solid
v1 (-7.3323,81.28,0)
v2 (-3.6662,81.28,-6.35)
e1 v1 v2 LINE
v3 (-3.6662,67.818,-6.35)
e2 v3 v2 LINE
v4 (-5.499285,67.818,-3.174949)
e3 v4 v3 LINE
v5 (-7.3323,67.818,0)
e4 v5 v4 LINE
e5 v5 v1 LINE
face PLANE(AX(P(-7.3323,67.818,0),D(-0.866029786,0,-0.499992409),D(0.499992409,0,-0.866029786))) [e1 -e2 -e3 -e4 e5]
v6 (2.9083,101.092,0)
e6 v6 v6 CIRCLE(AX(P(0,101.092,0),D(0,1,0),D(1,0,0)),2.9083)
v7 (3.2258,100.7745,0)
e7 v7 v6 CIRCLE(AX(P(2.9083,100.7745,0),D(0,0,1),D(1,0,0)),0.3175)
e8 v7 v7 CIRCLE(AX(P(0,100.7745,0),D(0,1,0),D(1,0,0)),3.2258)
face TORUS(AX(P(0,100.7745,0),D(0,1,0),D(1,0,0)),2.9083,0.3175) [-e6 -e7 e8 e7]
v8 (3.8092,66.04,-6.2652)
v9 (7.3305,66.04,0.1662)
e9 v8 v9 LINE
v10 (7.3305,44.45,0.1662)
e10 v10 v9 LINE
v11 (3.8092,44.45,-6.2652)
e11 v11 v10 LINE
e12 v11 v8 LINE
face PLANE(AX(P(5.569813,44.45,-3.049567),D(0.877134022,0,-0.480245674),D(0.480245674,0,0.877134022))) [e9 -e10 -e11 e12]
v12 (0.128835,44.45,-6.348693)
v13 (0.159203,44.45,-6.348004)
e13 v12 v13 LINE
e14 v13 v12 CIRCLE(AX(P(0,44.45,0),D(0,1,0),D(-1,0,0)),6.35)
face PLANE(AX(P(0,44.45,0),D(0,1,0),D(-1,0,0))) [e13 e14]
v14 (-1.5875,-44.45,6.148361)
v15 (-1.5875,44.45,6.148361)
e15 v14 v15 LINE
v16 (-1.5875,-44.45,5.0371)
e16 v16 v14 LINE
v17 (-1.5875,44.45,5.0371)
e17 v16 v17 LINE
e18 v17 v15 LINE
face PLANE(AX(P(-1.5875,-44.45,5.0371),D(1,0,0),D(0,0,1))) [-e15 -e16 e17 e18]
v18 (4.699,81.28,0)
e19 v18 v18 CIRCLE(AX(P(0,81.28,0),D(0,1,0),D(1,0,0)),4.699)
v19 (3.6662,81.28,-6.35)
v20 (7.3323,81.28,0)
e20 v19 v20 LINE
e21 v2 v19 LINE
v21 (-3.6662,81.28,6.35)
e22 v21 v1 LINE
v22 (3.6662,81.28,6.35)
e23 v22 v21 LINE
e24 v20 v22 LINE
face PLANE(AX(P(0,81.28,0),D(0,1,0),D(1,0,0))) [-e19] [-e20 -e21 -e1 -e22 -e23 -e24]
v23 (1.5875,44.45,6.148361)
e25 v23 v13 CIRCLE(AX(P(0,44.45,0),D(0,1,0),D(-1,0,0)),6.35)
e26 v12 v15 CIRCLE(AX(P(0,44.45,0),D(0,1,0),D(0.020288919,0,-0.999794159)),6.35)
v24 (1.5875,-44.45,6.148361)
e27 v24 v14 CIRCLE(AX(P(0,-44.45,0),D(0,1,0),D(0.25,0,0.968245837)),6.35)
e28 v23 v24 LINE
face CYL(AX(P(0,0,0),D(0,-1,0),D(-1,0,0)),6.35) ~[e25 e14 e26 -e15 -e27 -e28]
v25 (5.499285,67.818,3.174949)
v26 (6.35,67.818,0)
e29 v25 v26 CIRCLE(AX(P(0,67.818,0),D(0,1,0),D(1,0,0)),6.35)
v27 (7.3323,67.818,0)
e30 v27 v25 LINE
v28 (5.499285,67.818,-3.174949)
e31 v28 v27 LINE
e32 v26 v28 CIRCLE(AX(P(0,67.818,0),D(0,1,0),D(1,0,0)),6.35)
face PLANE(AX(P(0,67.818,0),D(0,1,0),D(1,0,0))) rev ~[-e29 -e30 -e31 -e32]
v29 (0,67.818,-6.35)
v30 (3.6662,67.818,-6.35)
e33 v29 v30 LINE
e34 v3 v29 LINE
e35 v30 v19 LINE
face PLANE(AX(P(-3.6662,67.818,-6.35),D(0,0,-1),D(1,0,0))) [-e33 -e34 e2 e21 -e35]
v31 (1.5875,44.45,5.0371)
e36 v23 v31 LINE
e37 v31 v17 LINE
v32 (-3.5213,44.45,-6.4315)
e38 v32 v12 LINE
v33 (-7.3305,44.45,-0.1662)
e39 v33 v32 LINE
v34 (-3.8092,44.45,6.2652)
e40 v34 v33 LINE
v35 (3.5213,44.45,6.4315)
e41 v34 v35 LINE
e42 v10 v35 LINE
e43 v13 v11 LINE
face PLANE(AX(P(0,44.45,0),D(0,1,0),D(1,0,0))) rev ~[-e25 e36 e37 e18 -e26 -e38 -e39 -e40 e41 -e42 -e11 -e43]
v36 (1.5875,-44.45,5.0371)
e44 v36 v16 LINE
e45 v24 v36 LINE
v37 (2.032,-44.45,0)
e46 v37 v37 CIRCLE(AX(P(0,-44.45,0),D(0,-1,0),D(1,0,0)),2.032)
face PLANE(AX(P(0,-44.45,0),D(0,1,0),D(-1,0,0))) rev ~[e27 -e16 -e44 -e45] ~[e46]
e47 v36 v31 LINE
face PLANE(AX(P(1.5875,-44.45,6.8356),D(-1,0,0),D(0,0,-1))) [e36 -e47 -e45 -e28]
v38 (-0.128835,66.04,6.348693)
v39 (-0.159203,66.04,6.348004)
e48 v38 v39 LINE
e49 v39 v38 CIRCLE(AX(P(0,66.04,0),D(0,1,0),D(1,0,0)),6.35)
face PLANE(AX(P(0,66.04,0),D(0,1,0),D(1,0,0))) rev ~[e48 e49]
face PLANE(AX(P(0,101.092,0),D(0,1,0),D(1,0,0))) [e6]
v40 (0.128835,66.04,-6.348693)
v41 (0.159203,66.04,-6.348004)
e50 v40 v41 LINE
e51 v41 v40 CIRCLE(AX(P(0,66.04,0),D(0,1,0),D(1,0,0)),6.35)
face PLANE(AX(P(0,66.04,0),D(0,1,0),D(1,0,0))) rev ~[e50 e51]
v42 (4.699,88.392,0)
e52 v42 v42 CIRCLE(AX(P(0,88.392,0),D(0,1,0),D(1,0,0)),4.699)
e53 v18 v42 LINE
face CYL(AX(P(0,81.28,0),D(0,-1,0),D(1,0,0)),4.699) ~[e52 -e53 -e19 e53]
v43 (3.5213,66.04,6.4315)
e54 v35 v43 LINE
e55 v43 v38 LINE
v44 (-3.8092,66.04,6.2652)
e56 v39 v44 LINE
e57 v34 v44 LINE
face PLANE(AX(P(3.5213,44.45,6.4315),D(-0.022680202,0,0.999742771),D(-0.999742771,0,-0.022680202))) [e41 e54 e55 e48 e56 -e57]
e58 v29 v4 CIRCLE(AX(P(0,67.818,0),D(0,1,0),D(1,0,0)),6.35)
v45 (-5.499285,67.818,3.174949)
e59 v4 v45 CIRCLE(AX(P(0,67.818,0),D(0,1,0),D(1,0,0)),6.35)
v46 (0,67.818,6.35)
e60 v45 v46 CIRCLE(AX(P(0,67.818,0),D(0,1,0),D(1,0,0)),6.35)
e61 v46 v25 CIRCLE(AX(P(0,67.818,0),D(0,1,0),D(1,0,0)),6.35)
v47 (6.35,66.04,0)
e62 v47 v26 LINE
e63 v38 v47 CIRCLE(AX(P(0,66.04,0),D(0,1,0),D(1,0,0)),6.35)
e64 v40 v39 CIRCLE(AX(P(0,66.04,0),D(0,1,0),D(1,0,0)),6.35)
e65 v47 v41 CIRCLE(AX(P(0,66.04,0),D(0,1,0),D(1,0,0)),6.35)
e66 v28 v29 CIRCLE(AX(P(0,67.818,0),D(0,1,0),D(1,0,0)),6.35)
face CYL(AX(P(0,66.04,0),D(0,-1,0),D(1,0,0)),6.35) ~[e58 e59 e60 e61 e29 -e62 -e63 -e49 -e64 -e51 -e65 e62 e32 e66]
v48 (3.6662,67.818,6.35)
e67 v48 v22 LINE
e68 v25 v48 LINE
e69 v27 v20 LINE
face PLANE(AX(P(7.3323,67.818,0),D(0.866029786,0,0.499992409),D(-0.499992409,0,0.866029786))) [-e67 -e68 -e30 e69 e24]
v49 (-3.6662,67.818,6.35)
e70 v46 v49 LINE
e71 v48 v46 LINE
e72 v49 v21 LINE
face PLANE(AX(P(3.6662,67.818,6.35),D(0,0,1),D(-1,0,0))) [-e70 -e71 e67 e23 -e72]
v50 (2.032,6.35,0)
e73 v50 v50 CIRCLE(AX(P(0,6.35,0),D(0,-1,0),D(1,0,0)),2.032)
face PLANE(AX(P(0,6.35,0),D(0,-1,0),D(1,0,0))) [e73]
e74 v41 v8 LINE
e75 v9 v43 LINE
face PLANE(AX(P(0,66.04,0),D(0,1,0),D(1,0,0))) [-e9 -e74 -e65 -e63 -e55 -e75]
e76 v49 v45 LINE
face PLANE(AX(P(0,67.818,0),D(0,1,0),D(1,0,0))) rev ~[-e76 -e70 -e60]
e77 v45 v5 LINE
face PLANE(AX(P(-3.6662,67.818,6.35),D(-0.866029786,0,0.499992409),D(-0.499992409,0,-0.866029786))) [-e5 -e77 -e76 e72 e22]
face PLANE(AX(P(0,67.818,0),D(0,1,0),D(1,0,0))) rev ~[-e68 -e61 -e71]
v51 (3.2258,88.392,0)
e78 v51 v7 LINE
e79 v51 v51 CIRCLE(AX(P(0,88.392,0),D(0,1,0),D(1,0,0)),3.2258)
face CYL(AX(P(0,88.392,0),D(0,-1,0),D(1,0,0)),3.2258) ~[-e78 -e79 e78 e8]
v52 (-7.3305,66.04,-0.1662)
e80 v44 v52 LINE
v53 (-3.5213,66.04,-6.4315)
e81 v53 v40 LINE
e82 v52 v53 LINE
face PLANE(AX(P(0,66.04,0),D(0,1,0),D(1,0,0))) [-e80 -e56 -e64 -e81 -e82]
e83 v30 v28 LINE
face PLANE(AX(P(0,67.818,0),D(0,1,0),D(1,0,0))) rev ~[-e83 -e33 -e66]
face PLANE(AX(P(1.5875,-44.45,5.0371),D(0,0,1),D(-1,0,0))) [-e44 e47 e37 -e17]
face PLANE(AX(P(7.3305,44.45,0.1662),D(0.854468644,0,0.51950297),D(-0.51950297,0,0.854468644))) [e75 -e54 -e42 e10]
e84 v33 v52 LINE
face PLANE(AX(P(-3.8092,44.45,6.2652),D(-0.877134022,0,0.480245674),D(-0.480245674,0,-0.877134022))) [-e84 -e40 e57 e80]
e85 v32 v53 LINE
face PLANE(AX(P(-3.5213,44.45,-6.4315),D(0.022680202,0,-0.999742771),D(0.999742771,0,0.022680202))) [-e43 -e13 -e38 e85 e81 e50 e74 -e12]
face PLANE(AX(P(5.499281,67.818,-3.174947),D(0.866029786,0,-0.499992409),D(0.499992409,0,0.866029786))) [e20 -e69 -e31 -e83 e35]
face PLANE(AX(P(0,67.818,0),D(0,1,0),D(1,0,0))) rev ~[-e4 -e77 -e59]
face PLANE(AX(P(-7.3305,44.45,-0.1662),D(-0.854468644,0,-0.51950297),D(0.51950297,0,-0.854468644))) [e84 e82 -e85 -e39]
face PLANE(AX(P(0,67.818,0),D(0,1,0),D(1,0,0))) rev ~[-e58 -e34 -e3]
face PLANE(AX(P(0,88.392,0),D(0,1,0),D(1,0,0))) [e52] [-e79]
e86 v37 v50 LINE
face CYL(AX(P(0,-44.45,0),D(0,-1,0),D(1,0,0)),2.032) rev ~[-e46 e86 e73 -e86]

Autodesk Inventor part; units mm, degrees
ref_plane "YZ Plane" through (0, 0, 0) normal (1, 0, 0) x (0, 1, 0)
ref_plane "XZ Plane" through (0, 0, 0) normal (0, 1, 0) x (-1, 0, 0)
ref_plane "XY Plane" through (0, 0, 0) normal (0, 0, 1) x (1, 0, 0)
sketch "Sketch1" plane through (0, 0, 0) normal (0, 1, 0) x (-1, 0, 0)
  circle A0 centre (0, 0) radius 6.35
  dimension "d0" = 12.7
extrude "Extrusion1" add sketch "Sketch1" along normal mid plane 88.9
sketch "Sketch2" plane through (0, 44.45, 0) normal (0, 1, 0) x (1, 0, 0)
  circle A0 centre (0, 0) radius 6.35 projected
  line L0 (3.8092, 6.2652) -> (7.3305, -0.1662)
  line L1 (7.3305, -0.1662) -> (3.5213, -6.4315)
  line L2 (3.5213, -6.4315) -> (-3.8092, -6.2652)
  line L3 (-3.8092, -6.2652) -> (-7.3305, 0.1662)
  line L4 (-7.3305, 0.1662) -> (-3.5213, 6.4315)
  line L5 (-3.5213, 6.4315) -> (3.8092, 6.2652)
  dimension "d4" = 12.7
extrude "Extrusion2" add sketch "Sketch2" along normal blind 21.59
sketch "Sketch3" plane through (0, 66.04, 0) normal (0, 1, 0) x (1, 0, 0)
  circle A0 centre (0, 0) radius 6.35
  dimension "d7" = 12.7
extrude "Extrusion3" add sketch "Sketch3" along normal blind 1.778
sketch "Sketch4" plane through (0, 67.818, 0) normal (0, 1, 0) x (1, 0, 0)
  circle A0 centre (0, 0) radius 6.35 projected
  line L0 (7.3323, 0) -> (3.6662, -6.35)
  line L1 (3.6662, -6.35) -> (-3.6662, -6.35)
  line L2 (-3.6662, -6.35) -> (-7.3323, 0)
  line L3 (-7.3323, 0) -> (-3.6662, 6.35)
  line L4 (-3.6662, 6.35) -> (3.6662, 6.35)
  line L5 (3.6662, 6.35) -> (7.3323, 0)
  dimension "d10" = 12.7
extrude "Extrusion4" add sketch "Sketch4" along normal blind 13.462
sketch "Sketch5" plane through (0, 81.28, 0) normal (0, 1, 0) x (1, 0, 0)
  circle A0 centre (0, 0) radius 4.699
  dimension "d13" = 9.398
extrude "Extrusion5" add sketch "Sketch5" along normal blind 7.112
sketch "Sketch6" plane through (0, 88.392, 0) normal (0, 1, 0) x (1, 0, 0)
  circle A0 centre (0, 0) radius 4.699 projected
  circle A1 centre (0, 0) radius 3.2258
  dimension "d16" = 6.4516
extrude "Extrusion6" add sketch "Sketch6" along normal blind 12.7 contours A1
fillet "Fillet1" radius 0.3175 1 edges at (-3.2258, 101.092, 0)
sketch "Sketch7" plane through (0, -44.45, 0) normal (0, -1, 0) x (1, 0, 0)
  line L0 (-1.5875, 6.8356) -> (1.5875, 6.8356)
  line L1 (1.5875, 6.8356) -> (1.5875, 5.0371)
  line L2 (1.5875, 5.0371) -> (-1.5875, 5.0371)
  line L3 (-1.5875, 5.0371) -> (-1.5875, 6.8356)
  line L4 (0, 11.7561) -> (0, 9.7432)
  line L5 (-3.323, -0.0429) -> (4.4977, -0.0429)
  dimension "d20" = 3.175
  dimension "d24" = 5.08
extrude "Extrusion7" cut sketch "Sketch7" against normal blind 88.9
sketch "Sketch8" plane through (0, -44.45, 0) normal (0, -1, 0) x (1, 0, 0)
  arc A0 (-1.5875, 6.1484) -> (1.5875, 6.1484) centre (0, 0) ccw projected
  circle A1 centre (0, 0) radius 2.032
  dimension "d27" = 4.064
extrude "Extrusion8" cut sketch "Sketch8" against normal blind 50.8
properties part number "Shaft"
